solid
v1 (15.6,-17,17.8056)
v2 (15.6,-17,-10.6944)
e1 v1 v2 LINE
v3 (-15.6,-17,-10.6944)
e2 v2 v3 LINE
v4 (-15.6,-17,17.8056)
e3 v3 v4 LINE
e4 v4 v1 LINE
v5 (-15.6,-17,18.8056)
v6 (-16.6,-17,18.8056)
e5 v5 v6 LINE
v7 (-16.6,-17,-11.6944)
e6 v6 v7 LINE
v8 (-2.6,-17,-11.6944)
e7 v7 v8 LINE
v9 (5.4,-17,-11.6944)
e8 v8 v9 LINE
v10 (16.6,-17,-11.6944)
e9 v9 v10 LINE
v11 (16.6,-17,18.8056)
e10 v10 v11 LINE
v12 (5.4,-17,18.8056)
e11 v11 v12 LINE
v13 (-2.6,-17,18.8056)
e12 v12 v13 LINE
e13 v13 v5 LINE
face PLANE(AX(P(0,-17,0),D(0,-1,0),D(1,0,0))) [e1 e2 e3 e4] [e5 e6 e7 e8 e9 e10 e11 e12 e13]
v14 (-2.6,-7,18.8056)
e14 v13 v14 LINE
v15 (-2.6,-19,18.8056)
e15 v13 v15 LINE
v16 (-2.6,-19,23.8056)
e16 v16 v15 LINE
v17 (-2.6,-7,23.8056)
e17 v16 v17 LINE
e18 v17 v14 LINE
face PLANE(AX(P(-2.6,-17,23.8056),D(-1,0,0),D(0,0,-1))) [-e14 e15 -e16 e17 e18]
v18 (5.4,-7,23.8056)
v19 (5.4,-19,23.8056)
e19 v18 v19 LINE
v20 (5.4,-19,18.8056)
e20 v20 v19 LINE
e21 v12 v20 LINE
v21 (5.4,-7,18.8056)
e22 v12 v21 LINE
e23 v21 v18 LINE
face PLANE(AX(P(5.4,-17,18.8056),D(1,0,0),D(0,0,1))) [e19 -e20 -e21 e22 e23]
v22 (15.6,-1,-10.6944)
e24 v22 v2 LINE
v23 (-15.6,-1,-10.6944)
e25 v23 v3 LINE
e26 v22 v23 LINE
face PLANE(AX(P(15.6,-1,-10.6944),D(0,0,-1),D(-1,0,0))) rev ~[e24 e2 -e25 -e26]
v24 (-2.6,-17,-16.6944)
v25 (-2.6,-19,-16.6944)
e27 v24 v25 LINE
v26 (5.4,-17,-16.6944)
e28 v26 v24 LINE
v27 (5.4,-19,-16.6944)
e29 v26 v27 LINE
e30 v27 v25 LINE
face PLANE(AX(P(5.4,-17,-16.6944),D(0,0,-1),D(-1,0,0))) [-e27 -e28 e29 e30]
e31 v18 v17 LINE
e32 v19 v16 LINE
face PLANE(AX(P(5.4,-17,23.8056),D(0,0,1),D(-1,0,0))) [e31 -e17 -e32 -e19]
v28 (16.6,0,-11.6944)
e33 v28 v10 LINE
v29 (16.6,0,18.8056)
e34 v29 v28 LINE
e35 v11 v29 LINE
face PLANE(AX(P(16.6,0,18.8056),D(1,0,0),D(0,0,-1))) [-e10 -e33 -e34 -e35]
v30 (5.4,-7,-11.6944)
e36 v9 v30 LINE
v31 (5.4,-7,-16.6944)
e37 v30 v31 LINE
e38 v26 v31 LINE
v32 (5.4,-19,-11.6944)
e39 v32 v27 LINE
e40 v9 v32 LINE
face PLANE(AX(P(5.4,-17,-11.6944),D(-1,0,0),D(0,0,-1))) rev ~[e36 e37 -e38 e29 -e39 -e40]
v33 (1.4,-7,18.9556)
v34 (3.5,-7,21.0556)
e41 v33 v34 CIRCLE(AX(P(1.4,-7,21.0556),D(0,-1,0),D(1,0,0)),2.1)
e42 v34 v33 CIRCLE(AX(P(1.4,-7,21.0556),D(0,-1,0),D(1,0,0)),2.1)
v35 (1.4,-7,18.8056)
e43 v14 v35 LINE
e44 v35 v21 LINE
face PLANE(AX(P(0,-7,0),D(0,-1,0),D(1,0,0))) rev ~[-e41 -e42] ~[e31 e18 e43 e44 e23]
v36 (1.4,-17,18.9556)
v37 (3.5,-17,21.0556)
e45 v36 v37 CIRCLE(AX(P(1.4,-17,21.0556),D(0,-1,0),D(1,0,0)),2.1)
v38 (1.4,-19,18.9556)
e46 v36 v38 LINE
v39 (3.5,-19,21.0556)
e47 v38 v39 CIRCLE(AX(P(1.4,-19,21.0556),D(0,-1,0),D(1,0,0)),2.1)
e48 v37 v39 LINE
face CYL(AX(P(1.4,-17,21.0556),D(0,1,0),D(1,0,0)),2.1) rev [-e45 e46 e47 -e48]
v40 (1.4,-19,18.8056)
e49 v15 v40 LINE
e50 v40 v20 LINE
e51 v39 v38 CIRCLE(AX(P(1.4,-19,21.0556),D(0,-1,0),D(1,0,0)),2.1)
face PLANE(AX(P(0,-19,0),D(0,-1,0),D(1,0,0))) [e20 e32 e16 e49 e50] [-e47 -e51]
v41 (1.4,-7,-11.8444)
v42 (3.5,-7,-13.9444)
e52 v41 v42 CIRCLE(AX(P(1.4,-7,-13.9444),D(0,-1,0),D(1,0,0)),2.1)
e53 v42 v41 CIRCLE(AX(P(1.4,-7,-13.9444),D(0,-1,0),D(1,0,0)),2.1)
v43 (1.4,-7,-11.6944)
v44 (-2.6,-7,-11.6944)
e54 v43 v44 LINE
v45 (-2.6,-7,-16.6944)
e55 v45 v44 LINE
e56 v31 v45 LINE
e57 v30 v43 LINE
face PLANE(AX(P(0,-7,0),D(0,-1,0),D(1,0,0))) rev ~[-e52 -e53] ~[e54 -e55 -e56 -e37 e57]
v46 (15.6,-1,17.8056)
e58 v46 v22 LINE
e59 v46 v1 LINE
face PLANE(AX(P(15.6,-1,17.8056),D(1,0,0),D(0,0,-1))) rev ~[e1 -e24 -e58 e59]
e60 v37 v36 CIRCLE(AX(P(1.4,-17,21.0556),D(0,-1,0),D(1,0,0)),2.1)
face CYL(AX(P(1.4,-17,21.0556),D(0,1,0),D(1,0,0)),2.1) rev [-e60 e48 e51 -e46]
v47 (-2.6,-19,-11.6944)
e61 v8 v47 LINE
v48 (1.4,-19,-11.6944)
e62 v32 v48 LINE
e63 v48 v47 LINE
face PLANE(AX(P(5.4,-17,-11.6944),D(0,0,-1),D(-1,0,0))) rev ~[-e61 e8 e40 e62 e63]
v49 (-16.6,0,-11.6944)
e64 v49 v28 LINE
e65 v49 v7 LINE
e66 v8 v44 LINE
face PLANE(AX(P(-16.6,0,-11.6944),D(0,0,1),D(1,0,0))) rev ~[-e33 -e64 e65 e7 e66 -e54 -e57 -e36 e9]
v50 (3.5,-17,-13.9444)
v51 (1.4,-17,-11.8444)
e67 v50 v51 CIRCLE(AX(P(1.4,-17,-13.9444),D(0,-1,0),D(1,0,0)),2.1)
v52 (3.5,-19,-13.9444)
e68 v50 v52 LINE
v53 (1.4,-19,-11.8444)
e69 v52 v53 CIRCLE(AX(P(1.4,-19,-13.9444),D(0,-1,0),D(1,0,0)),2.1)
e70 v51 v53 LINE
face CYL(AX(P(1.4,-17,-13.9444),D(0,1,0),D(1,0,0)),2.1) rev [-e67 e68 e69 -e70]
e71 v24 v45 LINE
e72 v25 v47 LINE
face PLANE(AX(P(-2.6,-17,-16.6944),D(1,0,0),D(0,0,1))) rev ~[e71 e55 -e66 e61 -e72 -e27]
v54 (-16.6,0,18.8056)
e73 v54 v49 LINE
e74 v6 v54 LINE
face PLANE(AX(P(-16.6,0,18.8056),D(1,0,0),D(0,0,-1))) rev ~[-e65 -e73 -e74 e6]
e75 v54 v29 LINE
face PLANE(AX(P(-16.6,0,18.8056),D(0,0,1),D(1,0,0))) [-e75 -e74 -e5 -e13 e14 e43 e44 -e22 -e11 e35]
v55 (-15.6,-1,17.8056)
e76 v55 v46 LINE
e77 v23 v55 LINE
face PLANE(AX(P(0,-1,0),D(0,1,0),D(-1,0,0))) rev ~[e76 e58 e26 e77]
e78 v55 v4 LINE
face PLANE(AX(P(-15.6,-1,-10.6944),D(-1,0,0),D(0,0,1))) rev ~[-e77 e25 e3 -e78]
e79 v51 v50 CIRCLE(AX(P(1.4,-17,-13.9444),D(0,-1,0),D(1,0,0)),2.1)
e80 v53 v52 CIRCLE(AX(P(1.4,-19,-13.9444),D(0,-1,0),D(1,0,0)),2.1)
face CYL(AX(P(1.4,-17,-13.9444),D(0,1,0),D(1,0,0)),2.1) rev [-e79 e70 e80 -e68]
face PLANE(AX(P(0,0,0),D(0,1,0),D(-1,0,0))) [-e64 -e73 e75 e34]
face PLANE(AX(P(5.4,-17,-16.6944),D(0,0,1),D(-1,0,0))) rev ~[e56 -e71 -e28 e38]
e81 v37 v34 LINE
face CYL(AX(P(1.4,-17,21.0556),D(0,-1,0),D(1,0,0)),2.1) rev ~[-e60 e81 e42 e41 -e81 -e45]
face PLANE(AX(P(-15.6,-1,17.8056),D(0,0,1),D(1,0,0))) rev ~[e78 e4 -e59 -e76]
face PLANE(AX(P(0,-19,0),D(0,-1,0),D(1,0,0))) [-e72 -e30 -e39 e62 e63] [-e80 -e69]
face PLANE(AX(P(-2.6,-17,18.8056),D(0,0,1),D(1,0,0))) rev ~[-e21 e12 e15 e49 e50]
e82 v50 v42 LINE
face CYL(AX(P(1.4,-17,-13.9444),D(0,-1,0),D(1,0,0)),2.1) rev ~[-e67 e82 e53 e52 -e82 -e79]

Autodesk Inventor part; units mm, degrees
ref_plane "YZ Plane" through (0, 0, 0) normal (1, 0, 0) x (0, 1, 0)
ref_plane "XZ Plane" through (0, 0, 0) normal (0, 1, 0) x (-1, 0, 0)
ref_plane "XY Plane" through (0, 0, 0) normal (0, 0, 1) x (1, 0, 0)
sketch "Sketch10" plane through (0, 0, 0) normal (0, 1, 0) x (-1, 0, 0)
  line L0 (16.6, 18.8056) -> (-16.6, 18.8056)
  line L1 (-16.6, 18.8056) -> (-16.6, -11.6944)
  line L2 (-16.6, -11.6944) -> (16.5, -11.6944)
  line L3 (16.6, 18.8056) -> (16.6, -11.6944)
  line L4 (16.6, 18.8056) -> (47.1, 18.8056) construction
  line L5 (16.6, -11.6944) -> (16.5, -11.6944)
  point P0 (0, 0)
  dimension "d53" = 33.2
  dimension "d54" = 30.5
  dimension "d55" = 90
extrude "Extrusion8" add sketch "Sketch10" against normal blind 1
sketch "Sketch11" plane through (0, -1, 0) normal (0, -1, 0) x (1, 0, 0)
  line L0 (16.6, 18.8056) -> (-16.6, 18.8056) projected
  line L1 (-16.6, 18.8056) -> (-15.6, 18.8056)
  line L2 (-15.6, 18.8056) -> (-15.6, 17.8056)
  line L3 (-15.6, 17.8056) -> (15.6, 17.8056)
  line L4 (15.6, 17.8056) -> (15.6, -10.6944)
  line L5 (16.6, -11.6944) -> (16.6, 18.8056) projected
  line L6 (15.6, -10.6944) -> (-15.6, -10.6944)
  line L7 (-15.6, -10.6944) -> (-15.6, 17.8056)
  line L8 (-16.6, -11.6944) -> (16.6, -11.6944) projected
  line L9 (16.6, -11.6944) -> (16.6, 18.8056) projected
  line L10 (16.6, 18.8056) -> (-16.6, 18.8056) projected
  line L11 (-16.6, 18.8056) -> (-16.6, -11.6944) projected
  point P0 (0, 0)
  dimension "d58" = 1
  dimension "d59" = 1
  dimension "d60" = 31.2
  dimension "d61" = 28.5
  dimension "d62" = 90
extrude "Extrusion9" add sketch "Sketch11" along normal blind 16
sketch "Sketch12" plane through (0, -17, 0) normal (0, -1, 0) x (1, 0, 0)
  point P0 (0, 0)
sketch "Sketch13" plane through (0, -17, 0) normal (0, -1, 0) x (1, 0, 0)
  line L0 (-16.6, -11.6944) -> (-16.6, 18.8056) projected
  line L1 (-16.6, 3.5556) -> (1.4, 3.5556)
  line L2 (1.4, 3.5556) -> (1.4, 21.0556)
  line L3 (1.4, 21.0556) -> (1.4, -13.9444)
  circle A0 centre (1.4, 21.0556) radius 2.1
  circle A1 centre (1.4, -13.9444) radius 2.1
  line L4 (-16.6, 18.8056) -> (16.6, 18.8056) projected
  line L5 (1.4, 18.8056) -> (5.4, 18.8056)
  line L6 (5.4, 18.8056) -> (5.4, 23.8056)
  line L7 (5.4, 23.8056) -> (-2.6, 23.8056)
  line L8 (-2.6, 23.8056) -> (-2.6, 18.8056)
  line L9 (16.6, -11.6944) -> (-16.6, -11.6944) projected
  line L10 (5.4, -11.6944) -> (5.4, -16.6944)
  line L11 (5.4, -16.6944) -> (-2.6, -16.6944)
  line L12 (-2.6, -16.6944) -> (-2.6, -11.6944)
  point P0 (0, 0)
  dimension "d65" = 18
  dimension "d66" = 17.5
  dimension "d67" = 35
  dimension "d68" = 4.2
  dimension "d69" = 4.2
  dimension "d70" = 4
  dimension "d71" = 5
  dimension "d72" = 90
  dimension "d73" = 8
  dimension "d74" = 5
extrude "Extrusion10" add sketch "Sketch13" against normal blind 10 contours L9 L10 L11 L12 | L8 L7 L6 L4
extrude "Extrusion11" add sketch "Sketch13" along normal blind 2 contours L9 L10 L11 L12 | L8 L7 L6 L4
properties part number "shell"
